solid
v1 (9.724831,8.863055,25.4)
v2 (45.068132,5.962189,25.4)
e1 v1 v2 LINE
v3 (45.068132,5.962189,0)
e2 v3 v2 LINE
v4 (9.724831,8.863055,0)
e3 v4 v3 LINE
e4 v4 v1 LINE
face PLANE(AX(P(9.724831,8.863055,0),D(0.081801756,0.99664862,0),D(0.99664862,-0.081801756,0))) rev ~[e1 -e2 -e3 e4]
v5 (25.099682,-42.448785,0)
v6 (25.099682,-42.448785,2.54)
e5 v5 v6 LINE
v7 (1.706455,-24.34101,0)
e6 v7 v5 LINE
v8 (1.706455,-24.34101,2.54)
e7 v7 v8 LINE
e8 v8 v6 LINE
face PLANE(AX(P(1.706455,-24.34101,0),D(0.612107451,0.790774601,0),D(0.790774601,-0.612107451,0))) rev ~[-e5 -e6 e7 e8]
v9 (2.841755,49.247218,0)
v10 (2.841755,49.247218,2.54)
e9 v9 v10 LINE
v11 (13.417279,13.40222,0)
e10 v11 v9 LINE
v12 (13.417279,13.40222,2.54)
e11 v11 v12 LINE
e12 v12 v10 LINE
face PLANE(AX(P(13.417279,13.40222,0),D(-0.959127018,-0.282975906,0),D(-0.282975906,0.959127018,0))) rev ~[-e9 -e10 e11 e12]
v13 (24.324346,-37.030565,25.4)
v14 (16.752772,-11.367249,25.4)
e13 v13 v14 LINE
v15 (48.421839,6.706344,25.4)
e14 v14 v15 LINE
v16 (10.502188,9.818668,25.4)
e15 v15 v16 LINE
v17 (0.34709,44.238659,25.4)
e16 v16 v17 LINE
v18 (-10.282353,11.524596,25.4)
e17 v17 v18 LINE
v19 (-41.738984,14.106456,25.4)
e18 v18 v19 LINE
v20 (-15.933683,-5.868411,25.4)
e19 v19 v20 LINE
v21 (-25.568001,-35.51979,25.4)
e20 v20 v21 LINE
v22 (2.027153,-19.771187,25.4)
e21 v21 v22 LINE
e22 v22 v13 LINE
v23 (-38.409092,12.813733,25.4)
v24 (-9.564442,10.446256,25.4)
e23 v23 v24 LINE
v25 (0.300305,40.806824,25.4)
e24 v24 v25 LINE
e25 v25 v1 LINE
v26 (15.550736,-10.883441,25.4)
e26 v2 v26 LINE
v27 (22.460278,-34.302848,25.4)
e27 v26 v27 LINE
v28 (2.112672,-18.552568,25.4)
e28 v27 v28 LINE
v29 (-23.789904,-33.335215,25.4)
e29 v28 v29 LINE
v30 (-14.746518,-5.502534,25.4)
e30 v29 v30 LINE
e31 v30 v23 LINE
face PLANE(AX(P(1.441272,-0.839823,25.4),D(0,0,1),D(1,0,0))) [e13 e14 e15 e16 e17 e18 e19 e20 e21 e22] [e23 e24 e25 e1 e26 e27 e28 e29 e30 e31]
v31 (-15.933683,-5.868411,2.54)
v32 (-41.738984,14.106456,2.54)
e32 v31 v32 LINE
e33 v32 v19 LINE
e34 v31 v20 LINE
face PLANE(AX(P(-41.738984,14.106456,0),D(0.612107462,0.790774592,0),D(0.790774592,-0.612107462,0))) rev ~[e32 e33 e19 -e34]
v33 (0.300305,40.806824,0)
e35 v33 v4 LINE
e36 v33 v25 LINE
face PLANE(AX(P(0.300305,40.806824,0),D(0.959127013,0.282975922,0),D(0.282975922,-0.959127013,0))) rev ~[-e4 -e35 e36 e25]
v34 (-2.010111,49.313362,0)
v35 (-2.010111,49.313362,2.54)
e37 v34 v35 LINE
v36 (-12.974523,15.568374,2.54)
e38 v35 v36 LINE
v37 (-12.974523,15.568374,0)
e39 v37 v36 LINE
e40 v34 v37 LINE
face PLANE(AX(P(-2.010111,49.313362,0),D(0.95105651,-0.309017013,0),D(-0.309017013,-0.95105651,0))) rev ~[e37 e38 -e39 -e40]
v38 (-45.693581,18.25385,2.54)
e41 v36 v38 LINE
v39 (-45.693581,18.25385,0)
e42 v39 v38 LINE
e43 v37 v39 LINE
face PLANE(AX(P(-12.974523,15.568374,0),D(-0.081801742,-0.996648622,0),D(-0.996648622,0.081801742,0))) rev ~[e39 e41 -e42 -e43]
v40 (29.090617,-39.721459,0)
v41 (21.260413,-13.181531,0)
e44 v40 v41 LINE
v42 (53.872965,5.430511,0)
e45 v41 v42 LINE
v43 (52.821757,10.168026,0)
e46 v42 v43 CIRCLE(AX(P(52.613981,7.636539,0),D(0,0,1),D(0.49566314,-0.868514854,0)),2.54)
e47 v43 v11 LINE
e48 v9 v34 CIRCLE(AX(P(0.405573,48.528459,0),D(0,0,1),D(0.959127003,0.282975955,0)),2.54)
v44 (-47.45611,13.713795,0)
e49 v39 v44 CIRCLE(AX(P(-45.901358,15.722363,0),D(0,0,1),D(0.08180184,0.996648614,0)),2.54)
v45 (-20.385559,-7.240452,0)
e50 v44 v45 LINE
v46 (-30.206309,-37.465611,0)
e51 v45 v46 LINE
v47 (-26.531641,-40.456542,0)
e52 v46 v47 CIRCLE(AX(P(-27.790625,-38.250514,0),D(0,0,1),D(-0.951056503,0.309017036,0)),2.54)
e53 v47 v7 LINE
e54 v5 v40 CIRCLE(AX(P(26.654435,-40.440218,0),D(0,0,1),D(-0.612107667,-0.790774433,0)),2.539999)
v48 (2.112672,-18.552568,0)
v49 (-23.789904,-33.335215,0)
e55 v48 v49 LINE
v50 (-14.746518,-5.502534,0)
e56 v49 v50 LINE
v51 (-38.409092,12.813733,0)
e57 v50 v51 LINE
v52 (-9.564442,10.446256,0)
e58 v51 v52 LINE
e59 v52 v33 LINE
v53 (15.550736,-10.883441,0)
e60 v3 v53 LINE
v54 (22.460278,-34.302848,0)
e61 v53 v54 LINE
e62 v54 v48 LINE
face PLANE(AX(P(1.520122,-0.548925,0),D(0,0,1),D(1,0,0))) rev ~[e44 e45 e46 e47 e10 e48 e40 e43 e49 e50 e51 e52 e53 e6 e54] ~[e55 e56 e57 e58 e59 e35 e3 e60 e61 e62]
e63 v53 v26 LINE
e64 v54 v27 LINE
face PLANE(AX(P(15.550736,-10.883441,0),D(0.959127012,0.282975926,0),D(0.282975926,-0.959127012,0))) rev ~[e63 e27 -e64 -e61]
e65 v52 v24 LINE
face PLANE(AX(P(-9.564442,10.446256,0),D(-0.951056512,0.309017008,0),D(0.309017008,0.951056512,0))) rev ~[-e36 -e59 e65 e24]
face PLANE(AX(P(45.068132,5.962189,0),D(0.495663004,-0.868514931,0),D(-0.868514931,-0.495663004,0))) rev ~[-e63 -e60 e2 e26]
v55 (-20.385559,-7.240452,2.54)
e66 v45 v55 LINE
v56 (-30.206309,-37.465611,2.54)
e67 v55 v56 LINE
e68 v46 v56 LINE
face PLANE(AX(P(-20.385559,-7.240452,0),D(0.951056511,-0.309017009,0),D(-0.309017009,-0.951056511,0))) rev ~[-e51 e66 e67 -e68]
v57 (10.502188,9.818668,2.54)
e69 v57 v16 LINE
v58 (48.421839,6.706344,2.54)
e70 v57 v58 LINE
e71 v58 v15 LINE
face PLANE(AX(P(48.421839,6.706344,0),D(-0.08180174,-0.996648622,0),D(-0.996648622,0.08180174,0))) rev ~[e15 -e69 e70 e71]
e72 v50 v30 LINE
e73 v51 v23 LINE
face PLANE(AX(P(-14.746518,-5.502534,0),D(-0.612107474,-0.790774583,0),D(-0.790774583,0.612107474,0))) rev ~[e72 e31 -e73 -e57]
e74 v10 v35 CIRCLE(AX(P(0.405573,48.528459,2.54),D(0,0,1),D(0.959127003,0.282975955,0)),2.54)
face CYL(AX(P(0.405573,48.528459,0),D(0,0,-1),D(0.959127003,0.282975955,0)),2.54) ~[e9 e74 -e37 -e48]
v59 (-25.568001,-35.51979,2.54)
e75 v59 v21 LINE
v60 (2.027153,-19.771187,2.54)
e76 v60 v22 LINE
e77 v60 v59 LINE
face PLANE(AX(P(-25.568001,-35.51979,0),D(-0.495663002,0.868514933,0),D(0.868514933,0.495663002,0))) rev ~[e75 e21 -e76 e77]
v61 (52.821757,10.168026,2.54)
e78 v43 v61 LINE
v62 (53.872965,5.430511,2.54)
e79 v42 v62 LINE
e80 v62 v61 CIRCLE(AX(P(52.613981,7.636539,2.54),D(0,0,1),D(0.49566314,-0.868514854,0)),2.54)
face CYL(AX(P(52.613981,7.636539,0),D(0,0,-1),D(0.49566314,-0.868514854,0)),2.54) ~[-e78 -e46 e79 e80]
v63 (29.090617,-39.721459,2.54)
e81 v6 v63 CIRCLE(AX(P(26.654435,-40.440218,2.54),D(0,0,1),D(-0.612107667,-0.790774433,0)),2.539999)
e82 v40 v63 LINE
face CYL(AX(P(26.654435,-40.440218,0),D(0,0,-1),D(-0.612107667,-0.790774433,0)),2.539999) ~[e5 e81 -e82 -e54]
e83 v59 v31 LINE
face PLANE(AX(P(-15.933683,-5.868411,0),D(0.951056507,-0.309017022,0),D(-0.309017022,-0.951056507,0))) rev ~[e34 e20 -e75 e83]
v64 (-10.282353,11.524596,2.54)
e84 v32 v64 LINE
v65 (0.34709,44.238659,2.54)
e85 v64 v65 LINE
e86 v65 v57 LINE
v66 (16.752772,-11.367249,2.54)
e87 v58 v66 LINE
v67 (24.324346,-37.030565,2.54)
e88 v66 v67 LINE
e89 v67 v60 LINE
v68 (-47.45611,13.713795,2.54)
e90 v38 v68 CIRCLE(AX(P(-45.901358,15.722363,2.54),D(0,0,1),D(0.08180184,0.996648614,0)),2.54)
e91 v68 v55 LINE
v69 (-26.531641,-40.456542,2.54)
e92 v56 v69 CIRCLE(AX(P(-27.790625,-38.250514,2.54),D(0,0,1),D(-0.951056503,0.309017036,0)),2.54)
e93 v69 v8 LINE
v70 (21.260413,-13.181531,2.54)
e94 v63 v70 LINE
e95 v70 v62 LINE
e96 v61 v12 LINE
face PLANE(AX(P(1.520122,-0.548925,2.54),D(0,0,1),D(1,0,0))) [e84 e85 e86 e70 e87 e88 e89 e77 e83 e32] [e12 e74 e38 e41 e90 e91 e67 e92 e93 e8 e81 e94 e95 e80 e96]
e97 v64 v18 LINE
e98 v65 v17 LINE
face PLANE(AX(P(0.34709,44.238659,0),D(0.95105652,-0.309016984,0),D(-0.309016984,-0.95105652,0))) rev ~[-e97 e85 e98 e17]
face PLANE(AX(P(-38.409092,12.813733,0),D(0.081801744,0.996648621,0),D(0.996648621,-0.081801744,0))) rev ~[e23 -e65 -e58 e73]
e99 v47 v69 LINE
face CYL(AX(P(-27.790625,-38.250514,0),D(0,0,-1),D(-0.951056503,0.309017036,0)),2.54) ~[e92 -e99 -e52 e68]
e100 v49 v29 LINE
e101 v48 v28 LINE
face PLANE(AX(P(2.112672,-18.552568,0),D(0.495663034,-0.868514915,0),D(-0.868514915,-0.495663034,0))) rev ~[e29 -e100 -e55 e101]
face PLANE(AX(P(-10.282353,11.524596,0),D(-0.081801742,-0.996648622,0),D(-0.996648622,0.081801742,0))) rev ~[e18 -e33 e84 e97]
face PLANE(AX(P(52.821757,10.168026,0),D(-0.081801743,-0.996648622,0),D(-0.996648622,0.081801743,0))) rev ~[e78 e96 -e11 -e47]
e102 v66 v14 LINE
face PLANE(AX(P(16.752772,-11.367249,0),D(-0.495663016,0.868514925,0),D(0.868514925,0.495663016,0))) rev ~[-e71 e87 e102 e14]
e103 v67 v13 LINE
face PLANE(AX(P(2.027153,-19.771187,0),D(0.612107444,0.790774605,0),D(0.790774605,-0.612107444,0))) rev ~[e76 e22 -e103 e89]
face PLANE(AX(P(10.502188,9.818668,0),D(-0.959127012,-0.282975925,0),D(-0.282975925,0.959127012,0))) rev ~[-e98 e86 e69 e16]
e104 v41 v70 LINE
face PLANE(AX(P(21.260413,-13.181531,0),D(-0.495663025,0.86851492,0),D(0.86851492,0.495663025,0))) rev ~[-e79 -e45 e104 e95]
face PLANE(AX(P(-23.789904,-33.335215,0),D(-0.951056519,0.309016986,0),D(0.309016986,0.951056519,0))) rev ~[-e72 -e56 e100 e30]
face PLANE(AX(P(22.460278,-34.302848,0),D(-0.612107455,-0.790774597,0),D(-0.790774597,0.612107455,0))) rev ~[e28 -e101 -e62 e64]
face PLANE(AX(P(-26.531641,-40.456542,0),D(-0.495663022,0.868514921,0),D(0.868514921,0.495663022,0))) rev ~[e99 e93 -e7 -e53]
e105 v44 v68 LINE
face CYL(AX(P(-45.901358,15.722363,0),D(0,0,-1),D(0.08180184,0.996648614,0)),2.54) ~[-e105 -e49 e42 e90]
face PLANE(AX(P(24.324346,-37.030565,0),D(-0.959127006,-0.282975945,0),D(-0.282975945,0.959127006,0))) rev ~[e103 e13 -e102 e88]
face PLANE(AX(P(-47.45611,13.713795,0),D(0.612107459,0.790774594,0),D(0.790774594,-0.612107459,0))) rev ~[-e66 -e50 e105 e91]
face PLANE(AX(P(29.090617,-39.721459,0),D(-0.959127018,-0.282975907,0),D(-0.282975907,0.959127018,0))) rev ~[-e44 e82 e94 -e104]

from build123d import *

# Parameters (mm, degrees)
F1_DEPTH = 25.4
F2_DEPTH = 2.54


with BuildPart() as f1:
    # F0 (on Top) → F1 (new body)
    with BuildSketch(Plane.XY):
        Polygon((0.34709, 44.238659), (-10.282353, 11.524596), (-41.738984, 14.106456), (-15.933683, -5.868411), (-25.568001, -35.51979), (2.027153, -19.771187), (24.324346, -37.030565), (16.752772, -11.367249), (48.421839, 6.706344), (10.502188, 9.818668), align=None)
        Polygon((-9.564442, 10.446256), (0.300305, 40.806824), (9.724831, 8.863055), (45.068132, 5.962189), (15.550736, -10.883441), (22.460278, -34.302848), (2.112672, -18.552568), (-23.789904, -33.335215), (-14.746518, -5.502534), (-38.409092, 12.813733), align=None, mode=Mode.SUBTRACT)
    extrude(amount=F1_DEPTH)

    # F0 (on Top) → F2 (join)
    with BuildSketch(Plane.XY):
        with BuildLine():
            Line((29.090617, -39.721459), (21.260413, -13.181531))
            Line((21.260413, -13.181531), (53.872965, 5.430511))
            ThreePointArc((53.872965, 5.430511), (55.09367, 8.186757), (52.821757, 10.168026))
            Line((52.821757, 10.168026), (13.417279, 13.40222))
            Line((13.417279, 13.40222), (2.841755, 49.247218))
            ThreePointArc((2.841755, 49.247218), (0.440196, 51.068223), (-2.010111, 49.313362))
            Line((-2.010111, 49.313362), (-12.974523, 15.568374))
            Line((-12.974523, 15.568374), (-45.693581, 18.25385))
            ThreePointArc((-45.693581, 18.25385), (-48.269186, 16.641595), (-47.45611, 13.713795))
            Line((-47.45611, 13.713795), (-20.385559, -7.240452))
            Line((-20.385559, -7.240452), (-30.206309, -37.465611))
            ThreePointArc((-30.206309, -37.465611), (-29.39403, -40.220462), (-26.531641, -40.456542))
            Line((-26.531641, -40.456542), (1.706455, -24.34101))
            Line((1.706455, -24.34101), (25.099682, -42.448785))
            ThreePointArc((25.099682, -42.448785), (28.087545, -42.53731), (29.090617, -39.721459))
        make_face()
        Polygon((-41.738984, 14.106456), (-10.282353, 11.524596), (0.34709, 44.238659), (10.502188, 9.818668), (48.421839, 6.706344), (16.752772, -11.367249), (24.324346, -37.030565), (2.027153, -19.771187), (-25.568001, -35.51979), (-15.933683, -5.868411), align=None, mode=Mode.SUBTRACT)
    extrude(amount=F2_DEPTH)


solid = f1.part
